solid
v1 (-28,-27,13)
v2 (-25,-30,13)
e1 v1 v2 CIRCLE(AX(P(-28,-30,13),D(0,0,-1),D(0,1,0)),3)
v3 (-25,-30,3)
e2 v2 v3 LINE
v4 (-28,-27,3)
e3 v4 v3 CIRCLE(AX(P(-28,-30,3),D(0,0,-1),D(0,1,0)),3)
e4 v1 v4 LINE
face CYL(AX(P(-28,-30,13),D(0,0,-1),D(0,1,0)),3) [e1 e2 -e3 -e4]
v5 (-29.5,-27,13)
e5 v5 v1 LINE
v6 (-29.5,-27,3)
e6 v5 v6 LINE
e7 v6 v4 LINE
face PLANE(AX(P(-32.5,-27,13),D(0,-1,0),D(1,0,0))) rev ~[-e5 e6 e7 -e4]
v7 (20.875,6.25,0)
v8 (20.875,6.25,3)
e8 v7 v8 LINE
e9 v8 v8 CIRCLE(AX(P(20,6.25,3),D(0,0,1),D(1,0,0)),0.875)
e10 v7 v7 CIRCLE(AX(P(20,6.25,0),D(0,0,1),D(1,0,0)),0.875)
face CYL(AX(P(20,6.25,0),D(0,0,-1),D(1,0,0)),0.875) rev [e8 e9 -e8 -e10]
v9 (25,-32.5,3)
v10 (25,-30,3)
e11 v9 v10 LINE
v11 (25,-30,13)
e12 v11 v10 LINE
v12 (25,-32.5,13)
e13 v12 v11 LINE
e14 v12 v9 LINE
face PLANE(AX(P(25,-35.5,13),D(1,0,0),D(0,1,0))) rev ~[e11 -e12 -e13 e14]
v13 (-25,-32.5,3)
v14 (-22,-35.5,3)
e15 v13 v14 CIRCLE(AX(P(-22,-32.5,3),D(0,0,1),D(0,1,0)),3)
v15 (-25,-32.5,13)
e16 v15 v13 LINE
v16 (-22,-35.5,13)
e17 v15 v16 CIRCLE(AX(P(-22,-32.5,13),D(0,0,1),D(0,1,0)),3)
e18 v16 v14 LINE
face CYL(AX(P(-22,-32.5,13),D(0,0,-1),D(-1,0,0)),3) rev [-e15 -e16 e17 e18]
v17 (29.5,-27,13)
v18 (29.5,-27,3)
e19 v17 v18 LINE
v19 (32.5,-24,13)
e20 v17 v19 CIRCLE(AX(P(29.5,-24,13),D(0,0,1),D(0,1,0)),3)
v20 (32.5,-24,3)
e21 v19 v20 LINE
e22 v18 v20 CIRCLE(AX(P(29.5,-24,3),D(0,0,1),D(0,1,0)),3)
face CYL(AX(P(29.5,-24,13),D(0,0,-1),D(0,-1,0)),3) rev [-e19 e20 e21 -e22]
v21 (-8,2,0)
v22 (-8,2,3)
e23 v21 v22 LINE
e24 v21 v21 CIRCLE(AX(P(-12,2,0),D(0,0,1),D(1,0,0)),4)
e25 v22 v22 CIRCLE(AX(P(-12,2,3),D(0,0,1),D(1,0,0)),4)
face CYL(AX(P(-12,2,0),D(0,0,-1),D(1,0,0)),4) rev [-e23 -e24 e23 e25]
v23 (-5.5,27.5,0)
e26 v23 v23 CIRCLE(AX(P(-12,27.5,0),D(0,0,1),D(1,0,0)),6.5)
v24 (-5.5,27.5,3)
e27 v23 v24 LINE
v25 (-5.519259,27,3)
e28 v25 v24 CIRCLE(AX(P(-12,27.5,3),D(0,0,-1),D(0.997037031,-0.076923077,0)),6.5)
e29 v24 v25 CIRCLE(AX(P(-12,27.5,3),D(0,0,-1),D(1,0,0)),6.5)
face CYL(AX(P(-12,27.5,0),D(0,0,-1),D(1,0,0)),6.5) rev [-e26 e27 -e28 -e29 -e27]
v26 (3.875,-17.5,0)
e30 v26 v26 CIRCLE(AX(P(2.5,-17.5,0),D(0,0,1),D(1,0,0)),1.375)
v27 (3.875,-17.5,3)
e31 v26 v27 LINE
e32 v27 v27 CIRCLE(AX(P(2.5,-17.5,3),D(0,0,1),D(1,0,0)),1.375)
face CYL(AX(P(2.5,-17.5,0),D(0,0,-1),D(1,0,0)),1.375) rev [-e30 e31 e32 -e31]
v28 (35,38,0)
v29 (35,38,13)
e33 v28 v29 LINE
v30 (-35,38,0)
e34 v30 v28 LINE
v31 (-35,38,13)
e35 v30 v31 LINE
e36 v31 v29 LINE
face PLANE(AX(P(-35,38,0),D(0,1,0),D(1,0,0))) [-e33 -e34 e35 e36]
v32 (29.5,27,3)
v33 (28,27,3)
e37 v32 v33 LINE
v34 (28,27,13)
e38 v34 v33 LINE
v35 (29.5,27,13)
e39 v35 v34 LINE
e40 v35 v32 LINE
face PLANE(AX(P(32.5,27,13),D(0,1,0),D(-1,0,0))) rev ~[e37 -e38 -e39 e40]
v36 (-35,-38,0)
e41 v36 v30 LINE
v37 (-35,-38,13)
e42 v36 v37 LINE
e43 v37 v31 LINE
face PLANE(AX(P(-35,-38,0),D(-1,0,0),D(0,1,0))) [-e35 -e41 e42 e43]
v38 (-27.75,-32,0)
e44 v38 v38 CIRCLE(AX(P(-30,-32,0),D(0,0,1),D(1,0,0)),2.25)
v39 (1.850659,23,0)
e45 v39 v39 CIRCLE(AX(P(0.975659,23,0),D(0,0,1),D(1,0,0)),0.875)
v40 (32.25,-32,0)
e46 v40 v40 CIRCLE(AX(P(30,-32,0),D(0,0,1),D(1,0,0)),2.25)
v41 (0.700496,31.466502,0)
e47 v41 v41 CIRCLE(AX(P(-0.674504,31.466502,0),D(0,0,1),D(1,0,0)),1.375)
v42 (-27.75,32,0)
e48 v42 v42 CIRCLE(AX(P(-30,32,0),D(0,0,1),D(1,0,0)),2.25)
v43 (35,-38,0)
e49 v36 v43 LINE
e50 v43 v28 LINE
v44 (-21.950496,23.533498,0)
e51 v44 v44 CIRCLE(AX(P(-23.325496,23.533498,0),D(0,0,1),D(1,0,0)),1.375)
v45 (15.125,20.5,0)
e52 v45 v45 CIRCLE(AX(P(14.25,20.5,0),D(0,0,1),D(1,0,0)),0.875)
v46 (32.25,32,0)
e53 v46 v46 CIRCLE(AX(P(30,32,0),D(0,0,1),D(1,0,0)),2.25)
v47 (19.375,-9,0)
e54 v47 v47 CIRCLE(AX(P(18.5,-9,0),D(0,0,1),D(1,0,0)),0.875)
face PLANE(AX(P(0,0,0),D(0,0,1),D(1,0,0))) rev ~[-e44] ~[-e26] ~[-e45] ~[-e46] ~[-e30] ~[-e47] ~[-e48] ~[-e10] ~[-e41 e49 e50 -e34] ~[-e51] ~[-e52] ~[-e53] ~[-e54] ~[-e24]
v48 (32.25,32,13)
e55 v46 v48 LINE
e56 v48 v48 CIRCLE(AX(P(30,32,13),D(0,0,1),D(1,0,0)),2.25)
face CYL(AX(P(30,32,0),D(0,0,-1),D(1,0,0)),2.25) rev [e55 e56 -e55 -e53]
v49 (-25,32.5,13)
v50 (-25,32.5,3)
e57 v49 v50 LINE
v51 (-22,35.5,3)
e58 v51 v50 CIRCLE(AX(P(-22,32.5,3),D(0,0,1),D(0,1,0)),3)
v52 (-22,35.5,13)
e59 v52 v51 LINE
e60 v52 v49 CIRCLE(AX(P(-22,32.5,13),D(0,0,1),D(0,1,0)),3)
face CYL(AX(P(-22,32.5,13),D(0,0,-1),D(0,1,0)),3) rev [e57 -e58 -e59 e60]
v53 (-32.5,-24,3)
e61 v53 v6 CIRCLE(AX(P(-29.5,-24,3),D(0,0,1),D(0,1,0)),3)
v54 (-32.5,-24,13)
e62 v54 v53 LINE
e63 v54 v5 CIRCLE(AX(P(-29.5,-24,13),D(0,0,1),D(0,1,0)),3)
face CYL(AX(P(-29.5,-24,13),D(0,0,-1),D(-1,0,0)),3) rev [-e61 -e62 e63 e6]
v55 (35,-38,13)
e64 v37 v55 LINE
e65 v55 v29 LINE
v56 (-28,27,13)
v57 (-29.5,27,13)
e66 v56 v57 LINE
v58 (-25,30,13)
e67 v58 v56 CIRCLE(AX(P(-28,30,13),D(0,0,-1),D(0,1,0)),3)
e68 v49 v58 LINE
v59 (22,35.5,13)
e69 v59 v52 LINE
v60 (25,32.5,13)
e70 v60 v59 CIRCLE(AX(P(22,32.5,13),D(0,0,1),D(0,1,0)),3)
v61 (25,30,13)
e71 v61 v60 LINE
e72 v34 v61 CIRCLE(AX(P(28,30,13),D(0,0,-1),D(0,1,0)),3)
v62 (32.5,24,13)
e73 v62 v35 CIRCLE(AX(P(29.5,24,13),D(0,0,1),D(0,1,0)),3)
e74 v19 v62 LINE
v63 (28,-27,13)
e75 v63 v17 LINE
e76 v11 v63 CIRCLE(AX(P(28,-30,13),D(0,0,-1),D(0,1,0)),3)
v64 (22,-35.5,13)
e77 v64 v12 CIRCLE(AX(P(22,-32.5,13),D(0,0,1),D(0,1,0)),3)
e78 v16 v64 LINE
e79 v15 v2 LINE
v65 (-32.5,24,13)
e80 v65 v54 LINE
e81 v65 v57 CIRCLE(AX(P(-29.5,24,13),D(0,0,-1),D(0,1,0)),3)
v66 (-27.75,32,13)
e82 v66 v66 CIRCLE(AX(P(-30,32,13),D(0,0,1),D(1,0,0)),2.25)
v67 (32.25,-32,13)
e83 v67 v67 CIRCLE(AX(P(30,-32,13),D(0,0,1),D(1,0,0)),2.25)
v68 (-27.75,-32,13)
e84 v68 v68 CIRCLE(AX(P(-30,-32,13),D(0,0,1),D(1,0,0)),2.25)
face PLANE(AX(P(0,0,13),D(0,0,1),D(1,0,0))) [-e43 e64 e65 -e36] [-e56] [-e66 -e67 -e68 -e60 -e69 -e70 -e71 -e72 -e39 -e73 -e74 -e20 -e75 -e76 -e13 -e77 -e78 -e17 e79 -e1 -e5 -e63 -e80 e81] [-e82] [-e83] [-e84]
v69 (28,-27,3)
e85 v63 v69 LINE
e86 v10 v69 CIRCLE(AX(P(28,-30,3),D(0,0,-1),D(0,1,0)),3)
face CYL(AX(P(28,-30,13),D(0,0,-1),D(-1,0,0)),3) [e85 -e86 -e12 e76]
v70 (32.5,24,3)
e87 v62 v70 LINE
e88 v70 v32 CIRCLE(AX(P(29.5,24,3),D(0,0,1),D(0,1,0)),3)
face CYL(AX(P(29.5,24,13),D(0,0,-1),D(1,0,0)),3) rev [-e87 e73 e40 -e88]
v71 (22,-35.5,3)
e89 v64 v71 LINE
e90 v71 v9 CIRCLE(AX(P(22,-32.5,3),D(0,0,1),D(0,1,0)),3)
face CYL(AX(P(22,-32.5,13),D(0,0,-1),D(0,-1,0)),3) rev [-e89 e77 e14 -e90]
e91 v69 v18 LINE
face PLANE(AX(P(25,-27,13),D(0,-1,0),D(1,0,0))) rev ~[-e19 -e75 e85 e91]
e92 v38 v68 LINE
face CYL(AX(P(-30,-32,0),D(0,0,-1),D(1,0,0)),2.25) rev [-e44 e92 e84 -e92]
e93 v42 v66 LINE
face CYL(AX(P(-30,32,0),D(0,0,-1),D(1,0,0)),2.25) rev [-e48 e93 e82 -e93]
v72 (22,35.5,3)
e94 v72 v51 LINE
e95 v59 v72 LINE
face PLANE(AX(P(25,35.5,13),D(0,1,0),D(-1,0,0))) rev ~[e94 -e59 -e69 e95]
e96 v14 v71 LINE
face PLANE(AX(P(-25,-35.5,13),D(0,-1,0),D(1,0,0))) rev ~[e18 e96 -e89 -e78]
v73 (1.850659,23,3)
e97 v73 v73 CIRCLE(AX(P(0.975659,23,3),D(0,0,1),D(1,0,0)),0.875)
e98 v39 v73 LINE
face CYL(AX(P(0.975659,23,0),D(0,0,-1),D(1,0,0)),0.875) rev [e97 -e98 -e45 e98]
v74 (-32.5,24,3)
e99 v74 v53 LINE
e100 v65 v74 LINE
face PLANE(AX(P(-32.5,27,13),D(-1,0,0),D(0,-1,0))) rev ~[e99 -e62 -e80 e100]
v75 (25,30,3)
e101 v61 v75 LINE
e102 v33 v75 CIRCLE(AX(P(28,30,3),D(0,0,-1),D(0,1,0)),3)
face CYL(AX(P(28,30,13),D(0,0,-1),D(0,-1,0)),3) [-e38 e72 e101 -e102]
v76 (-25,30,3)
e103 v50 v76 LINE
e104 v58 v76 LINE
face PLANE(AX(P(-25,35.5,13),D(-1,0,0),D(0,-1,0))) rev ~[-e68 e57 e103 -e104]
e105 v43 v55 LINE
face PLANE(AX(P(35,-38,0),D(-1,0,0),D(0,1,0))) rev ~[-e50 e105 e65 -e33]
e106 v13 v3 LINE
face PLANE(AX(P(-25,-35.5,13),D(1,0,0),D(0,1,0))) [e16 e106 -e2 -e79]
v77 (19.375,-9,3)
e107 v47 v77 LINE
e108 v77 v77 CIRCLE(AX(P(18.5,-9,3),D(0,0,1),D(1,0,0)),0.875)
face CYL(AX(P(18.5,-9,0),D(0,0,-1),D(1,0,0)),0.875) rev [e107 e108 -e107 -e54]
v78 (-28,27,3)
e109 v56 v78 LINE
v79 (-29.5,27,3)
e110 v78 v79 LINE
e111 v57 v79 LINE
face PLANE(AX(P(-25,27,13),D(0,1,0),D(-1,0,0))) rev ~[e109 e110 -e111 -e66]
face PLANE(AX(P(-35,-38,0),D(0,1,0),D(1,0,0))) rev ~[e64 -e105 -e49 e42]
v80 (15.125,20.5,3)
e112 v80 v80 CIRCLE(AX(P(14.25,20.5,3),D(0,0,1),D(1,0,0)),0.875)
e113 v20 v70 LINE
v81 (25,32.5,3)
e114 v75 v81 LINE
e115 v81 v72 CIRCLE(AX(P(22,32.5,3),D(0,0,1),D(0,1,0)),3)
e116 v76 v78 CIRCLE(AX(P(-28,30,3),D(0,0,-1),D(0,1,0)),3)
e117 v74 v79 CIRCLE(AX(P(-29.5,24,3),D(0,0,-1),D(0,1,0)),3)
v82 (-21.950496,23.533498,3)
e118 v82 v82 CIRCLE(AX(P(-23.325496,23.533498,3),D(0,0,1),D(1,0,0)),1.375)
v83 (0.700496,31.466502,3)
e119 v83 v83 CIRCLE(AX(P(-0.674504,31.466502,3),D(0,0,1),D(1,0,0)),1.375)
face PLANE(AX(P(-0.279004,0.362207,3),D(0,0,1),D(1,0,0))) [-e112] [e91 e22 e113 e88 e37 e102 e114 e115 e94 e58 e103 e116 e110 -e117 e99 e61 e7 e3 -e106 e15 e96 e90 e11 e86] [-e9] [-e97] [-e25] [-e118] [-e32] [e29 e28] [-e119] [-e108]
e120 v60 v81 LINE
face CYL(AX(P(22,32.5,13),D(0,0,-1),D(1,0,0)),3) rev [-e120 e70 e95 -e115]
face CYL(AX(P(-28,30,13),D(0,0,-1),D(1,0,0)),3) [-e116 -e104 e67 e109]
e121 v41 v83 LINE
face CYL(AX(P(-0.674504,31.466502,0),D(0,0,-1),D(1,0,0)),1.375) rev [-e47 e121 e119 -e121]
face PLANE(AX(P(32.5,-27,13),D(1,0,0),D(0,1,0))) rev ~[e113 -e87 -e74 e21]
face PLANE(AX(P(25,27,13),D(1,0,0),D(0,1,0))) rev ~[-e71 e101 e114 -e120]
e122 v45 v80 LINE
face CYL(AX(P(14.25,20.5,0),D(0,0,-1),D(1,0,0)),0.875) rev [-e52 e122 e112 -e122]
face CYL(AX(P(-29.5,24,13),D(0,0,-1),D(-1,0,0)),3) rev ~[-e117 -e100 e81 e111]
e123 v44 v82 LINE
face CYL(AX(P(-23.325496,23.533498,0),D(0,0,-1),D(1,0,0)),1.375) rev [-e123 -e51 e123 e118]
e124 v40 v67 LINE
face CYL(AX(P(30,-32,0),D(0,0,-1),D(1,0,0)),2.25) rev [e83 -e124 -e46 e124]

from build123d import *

# Parameters (mm, degrees)
F0_W     = 70
F0_H     = 76
F0_R     = 2.25
F0_R_2   = 1.375
F0_R_3   = 0.875
F0_R_4   = 4
F0_R_5   = 6.5
F1_DEPTH = 13
F2_R     = 1.375
F2_R_2   = 0.875
F2_R_3   = 4
F2_W     = 50
F2_H     = 8.5
F3_DEPTH = 10
F4_R     = 3


with BuildPart() as f1:
    # F0 (on Top) → F1 (new body)
    with BuildSketch(Plane.XY):
        Rectangle(F0_W, F0_H)
        with Locations((-30, -32)):
            Circle(F0_R, mode=Mode.SUBTRACT)
        with Locations((30, -32)):
            Circle(F0_R, mode=Mode.SUBTRACT)
        with Locations((2.5, -17.5)):
            Circle(F0_R_2, mode=Mode.SUBTRACT)
        with Locations((18.5, -9)):
            Circle(F0_R_3, mode=Mode.SUBTRACT)
        with Locations((-12, 2)):
            Circle(F0_R_4, mode=Mode.SUBTRACT)
        with Locations((-23.325496177, 23.5334982232)):
            Circle(F0_R_2, mode=Mode.SUBTRACT)
        with Locations((-30, 32)):
            Circle(F0_R, mode=Mode.SUBTRACT)
        with Locations((-12, 27.5)):
            Circle(F0_R_5, mode=Mode.SUBTRACT)
        with Locations((-0.674503823, 31.4665017768)):
            Circle(F0_R_2, mode=Mode.SUBTRACT)
        with Locations((20, 6.25)):
            Circle(F0_R_3, mode=Mode.SUBTRACT)
        with Locations((0.9756591943, 23)):
            Circle(F0_R_3, mode=Mode.SUBTRACT)
        with Locations((14.25, 20.5)):
            Circle(F0_R_3, mode=Mode.SUBTRACT)
        with Locations((30, 32)):
            Circle(F0_R, mode=Mode.SUBTRACT)
    extrude(amount=F1_DEPTH)

    # F2 (on face) → F3 (cut)
    with BuildSketch(Plane.XY.offset(13)):
        with BuildLine():
            Line((-25, 27), (-32.5, 27))
            Line((-32.5, 27), (-32.5, -27))
            Line((-32.5, -27), (-25, -27))
            Line((-25, -27), (25, -27))
            Line((25, -27), (32.5, -27))
            Line((32.5, -27), (32.5, 27))
            Line((32.5, 27), (25, 27))
            Line((25, 27), (-5.5192593016, 27))
            ThreePointArc((-5.5192593016, 27), (-12, 21), (-18.4807406984, 27))
            Line((-18.4807406984, 27), (-25, 27))
        make_face()
        with Locations((2.5, -17.5)):
            Circle(F2_R, mode=Mode.SUBTRACT)
        with Locations((18.5, -9)):
            Circle(F2_R_2, mode=Mode.SUBTRACT)
        with Locations((-12, 2)):
            Circle(F2_R_3, mode=Mode.SUBTRACT)
        with Locations((-23.325496177, 23.5334982232)):
            Circle(F2_R, mode=Mode.SUBTRACT)
        with Locations((20, 6.25)):
            Circle(F2_R_2, mode=Mode.SUBTRACT)
        with Locations((0.9756591943, 23)):
            Circle(F2_R_2, mode=Mode.SUBTRACT)
        with Locations((14.25, 20.5)):
            Circle(F2_R_2, mode=Mode.SUBTRACT)
        with BuildLine():
            Line((-25, 35.5), (-25, 27))
            Line((-25, 27), (-18.4807406984, 27))
            ThreePointArc((-18.4807406984, 27), (-12.2501853916, 33.99518339), (-5.5, 27.5))
            ThreePointArc((-5.5, 27.5), (-5.50481661, 27.2498146084), (-5.5192593016, 27))
            Line((-5.5192593016, 27), (25, 27))
            Line((25, 27), (25, 35.5))
            Line((25, 35.5), (-25, 35.5))
        make_face()
        with Locations((-0.674503823, 31.4665017768)):
            Circle(F2_R, mode=Mode.SUBTRACT)
        with Locations((0, -31.25)):
            Rectangle(F2_W, F2_H)
    extrude(amount=-F3_DEPTH, mode=Mode.SUBTRACT)

    # F4
    f4_edges = [f1.edges().sort_by_distance(p)[0] for p in [
        (-25, 27, 8),
        (25, 27, 8),
        (-25, -27, 8),
        (25, -27, 8),
        (32.5, -27, 8),
        (32.5, 27, 8),
        (25, 35.5, 8),
        (-25, 35.5, 8),
        (-32.5, 27, 8),
        (-32.5, -27, 8),
        (-25, -35.5, 8),
        (25, -35.5, 8),
    ]]
    fillet(f4_edges, radius=F4_R)


solid = f1.part
